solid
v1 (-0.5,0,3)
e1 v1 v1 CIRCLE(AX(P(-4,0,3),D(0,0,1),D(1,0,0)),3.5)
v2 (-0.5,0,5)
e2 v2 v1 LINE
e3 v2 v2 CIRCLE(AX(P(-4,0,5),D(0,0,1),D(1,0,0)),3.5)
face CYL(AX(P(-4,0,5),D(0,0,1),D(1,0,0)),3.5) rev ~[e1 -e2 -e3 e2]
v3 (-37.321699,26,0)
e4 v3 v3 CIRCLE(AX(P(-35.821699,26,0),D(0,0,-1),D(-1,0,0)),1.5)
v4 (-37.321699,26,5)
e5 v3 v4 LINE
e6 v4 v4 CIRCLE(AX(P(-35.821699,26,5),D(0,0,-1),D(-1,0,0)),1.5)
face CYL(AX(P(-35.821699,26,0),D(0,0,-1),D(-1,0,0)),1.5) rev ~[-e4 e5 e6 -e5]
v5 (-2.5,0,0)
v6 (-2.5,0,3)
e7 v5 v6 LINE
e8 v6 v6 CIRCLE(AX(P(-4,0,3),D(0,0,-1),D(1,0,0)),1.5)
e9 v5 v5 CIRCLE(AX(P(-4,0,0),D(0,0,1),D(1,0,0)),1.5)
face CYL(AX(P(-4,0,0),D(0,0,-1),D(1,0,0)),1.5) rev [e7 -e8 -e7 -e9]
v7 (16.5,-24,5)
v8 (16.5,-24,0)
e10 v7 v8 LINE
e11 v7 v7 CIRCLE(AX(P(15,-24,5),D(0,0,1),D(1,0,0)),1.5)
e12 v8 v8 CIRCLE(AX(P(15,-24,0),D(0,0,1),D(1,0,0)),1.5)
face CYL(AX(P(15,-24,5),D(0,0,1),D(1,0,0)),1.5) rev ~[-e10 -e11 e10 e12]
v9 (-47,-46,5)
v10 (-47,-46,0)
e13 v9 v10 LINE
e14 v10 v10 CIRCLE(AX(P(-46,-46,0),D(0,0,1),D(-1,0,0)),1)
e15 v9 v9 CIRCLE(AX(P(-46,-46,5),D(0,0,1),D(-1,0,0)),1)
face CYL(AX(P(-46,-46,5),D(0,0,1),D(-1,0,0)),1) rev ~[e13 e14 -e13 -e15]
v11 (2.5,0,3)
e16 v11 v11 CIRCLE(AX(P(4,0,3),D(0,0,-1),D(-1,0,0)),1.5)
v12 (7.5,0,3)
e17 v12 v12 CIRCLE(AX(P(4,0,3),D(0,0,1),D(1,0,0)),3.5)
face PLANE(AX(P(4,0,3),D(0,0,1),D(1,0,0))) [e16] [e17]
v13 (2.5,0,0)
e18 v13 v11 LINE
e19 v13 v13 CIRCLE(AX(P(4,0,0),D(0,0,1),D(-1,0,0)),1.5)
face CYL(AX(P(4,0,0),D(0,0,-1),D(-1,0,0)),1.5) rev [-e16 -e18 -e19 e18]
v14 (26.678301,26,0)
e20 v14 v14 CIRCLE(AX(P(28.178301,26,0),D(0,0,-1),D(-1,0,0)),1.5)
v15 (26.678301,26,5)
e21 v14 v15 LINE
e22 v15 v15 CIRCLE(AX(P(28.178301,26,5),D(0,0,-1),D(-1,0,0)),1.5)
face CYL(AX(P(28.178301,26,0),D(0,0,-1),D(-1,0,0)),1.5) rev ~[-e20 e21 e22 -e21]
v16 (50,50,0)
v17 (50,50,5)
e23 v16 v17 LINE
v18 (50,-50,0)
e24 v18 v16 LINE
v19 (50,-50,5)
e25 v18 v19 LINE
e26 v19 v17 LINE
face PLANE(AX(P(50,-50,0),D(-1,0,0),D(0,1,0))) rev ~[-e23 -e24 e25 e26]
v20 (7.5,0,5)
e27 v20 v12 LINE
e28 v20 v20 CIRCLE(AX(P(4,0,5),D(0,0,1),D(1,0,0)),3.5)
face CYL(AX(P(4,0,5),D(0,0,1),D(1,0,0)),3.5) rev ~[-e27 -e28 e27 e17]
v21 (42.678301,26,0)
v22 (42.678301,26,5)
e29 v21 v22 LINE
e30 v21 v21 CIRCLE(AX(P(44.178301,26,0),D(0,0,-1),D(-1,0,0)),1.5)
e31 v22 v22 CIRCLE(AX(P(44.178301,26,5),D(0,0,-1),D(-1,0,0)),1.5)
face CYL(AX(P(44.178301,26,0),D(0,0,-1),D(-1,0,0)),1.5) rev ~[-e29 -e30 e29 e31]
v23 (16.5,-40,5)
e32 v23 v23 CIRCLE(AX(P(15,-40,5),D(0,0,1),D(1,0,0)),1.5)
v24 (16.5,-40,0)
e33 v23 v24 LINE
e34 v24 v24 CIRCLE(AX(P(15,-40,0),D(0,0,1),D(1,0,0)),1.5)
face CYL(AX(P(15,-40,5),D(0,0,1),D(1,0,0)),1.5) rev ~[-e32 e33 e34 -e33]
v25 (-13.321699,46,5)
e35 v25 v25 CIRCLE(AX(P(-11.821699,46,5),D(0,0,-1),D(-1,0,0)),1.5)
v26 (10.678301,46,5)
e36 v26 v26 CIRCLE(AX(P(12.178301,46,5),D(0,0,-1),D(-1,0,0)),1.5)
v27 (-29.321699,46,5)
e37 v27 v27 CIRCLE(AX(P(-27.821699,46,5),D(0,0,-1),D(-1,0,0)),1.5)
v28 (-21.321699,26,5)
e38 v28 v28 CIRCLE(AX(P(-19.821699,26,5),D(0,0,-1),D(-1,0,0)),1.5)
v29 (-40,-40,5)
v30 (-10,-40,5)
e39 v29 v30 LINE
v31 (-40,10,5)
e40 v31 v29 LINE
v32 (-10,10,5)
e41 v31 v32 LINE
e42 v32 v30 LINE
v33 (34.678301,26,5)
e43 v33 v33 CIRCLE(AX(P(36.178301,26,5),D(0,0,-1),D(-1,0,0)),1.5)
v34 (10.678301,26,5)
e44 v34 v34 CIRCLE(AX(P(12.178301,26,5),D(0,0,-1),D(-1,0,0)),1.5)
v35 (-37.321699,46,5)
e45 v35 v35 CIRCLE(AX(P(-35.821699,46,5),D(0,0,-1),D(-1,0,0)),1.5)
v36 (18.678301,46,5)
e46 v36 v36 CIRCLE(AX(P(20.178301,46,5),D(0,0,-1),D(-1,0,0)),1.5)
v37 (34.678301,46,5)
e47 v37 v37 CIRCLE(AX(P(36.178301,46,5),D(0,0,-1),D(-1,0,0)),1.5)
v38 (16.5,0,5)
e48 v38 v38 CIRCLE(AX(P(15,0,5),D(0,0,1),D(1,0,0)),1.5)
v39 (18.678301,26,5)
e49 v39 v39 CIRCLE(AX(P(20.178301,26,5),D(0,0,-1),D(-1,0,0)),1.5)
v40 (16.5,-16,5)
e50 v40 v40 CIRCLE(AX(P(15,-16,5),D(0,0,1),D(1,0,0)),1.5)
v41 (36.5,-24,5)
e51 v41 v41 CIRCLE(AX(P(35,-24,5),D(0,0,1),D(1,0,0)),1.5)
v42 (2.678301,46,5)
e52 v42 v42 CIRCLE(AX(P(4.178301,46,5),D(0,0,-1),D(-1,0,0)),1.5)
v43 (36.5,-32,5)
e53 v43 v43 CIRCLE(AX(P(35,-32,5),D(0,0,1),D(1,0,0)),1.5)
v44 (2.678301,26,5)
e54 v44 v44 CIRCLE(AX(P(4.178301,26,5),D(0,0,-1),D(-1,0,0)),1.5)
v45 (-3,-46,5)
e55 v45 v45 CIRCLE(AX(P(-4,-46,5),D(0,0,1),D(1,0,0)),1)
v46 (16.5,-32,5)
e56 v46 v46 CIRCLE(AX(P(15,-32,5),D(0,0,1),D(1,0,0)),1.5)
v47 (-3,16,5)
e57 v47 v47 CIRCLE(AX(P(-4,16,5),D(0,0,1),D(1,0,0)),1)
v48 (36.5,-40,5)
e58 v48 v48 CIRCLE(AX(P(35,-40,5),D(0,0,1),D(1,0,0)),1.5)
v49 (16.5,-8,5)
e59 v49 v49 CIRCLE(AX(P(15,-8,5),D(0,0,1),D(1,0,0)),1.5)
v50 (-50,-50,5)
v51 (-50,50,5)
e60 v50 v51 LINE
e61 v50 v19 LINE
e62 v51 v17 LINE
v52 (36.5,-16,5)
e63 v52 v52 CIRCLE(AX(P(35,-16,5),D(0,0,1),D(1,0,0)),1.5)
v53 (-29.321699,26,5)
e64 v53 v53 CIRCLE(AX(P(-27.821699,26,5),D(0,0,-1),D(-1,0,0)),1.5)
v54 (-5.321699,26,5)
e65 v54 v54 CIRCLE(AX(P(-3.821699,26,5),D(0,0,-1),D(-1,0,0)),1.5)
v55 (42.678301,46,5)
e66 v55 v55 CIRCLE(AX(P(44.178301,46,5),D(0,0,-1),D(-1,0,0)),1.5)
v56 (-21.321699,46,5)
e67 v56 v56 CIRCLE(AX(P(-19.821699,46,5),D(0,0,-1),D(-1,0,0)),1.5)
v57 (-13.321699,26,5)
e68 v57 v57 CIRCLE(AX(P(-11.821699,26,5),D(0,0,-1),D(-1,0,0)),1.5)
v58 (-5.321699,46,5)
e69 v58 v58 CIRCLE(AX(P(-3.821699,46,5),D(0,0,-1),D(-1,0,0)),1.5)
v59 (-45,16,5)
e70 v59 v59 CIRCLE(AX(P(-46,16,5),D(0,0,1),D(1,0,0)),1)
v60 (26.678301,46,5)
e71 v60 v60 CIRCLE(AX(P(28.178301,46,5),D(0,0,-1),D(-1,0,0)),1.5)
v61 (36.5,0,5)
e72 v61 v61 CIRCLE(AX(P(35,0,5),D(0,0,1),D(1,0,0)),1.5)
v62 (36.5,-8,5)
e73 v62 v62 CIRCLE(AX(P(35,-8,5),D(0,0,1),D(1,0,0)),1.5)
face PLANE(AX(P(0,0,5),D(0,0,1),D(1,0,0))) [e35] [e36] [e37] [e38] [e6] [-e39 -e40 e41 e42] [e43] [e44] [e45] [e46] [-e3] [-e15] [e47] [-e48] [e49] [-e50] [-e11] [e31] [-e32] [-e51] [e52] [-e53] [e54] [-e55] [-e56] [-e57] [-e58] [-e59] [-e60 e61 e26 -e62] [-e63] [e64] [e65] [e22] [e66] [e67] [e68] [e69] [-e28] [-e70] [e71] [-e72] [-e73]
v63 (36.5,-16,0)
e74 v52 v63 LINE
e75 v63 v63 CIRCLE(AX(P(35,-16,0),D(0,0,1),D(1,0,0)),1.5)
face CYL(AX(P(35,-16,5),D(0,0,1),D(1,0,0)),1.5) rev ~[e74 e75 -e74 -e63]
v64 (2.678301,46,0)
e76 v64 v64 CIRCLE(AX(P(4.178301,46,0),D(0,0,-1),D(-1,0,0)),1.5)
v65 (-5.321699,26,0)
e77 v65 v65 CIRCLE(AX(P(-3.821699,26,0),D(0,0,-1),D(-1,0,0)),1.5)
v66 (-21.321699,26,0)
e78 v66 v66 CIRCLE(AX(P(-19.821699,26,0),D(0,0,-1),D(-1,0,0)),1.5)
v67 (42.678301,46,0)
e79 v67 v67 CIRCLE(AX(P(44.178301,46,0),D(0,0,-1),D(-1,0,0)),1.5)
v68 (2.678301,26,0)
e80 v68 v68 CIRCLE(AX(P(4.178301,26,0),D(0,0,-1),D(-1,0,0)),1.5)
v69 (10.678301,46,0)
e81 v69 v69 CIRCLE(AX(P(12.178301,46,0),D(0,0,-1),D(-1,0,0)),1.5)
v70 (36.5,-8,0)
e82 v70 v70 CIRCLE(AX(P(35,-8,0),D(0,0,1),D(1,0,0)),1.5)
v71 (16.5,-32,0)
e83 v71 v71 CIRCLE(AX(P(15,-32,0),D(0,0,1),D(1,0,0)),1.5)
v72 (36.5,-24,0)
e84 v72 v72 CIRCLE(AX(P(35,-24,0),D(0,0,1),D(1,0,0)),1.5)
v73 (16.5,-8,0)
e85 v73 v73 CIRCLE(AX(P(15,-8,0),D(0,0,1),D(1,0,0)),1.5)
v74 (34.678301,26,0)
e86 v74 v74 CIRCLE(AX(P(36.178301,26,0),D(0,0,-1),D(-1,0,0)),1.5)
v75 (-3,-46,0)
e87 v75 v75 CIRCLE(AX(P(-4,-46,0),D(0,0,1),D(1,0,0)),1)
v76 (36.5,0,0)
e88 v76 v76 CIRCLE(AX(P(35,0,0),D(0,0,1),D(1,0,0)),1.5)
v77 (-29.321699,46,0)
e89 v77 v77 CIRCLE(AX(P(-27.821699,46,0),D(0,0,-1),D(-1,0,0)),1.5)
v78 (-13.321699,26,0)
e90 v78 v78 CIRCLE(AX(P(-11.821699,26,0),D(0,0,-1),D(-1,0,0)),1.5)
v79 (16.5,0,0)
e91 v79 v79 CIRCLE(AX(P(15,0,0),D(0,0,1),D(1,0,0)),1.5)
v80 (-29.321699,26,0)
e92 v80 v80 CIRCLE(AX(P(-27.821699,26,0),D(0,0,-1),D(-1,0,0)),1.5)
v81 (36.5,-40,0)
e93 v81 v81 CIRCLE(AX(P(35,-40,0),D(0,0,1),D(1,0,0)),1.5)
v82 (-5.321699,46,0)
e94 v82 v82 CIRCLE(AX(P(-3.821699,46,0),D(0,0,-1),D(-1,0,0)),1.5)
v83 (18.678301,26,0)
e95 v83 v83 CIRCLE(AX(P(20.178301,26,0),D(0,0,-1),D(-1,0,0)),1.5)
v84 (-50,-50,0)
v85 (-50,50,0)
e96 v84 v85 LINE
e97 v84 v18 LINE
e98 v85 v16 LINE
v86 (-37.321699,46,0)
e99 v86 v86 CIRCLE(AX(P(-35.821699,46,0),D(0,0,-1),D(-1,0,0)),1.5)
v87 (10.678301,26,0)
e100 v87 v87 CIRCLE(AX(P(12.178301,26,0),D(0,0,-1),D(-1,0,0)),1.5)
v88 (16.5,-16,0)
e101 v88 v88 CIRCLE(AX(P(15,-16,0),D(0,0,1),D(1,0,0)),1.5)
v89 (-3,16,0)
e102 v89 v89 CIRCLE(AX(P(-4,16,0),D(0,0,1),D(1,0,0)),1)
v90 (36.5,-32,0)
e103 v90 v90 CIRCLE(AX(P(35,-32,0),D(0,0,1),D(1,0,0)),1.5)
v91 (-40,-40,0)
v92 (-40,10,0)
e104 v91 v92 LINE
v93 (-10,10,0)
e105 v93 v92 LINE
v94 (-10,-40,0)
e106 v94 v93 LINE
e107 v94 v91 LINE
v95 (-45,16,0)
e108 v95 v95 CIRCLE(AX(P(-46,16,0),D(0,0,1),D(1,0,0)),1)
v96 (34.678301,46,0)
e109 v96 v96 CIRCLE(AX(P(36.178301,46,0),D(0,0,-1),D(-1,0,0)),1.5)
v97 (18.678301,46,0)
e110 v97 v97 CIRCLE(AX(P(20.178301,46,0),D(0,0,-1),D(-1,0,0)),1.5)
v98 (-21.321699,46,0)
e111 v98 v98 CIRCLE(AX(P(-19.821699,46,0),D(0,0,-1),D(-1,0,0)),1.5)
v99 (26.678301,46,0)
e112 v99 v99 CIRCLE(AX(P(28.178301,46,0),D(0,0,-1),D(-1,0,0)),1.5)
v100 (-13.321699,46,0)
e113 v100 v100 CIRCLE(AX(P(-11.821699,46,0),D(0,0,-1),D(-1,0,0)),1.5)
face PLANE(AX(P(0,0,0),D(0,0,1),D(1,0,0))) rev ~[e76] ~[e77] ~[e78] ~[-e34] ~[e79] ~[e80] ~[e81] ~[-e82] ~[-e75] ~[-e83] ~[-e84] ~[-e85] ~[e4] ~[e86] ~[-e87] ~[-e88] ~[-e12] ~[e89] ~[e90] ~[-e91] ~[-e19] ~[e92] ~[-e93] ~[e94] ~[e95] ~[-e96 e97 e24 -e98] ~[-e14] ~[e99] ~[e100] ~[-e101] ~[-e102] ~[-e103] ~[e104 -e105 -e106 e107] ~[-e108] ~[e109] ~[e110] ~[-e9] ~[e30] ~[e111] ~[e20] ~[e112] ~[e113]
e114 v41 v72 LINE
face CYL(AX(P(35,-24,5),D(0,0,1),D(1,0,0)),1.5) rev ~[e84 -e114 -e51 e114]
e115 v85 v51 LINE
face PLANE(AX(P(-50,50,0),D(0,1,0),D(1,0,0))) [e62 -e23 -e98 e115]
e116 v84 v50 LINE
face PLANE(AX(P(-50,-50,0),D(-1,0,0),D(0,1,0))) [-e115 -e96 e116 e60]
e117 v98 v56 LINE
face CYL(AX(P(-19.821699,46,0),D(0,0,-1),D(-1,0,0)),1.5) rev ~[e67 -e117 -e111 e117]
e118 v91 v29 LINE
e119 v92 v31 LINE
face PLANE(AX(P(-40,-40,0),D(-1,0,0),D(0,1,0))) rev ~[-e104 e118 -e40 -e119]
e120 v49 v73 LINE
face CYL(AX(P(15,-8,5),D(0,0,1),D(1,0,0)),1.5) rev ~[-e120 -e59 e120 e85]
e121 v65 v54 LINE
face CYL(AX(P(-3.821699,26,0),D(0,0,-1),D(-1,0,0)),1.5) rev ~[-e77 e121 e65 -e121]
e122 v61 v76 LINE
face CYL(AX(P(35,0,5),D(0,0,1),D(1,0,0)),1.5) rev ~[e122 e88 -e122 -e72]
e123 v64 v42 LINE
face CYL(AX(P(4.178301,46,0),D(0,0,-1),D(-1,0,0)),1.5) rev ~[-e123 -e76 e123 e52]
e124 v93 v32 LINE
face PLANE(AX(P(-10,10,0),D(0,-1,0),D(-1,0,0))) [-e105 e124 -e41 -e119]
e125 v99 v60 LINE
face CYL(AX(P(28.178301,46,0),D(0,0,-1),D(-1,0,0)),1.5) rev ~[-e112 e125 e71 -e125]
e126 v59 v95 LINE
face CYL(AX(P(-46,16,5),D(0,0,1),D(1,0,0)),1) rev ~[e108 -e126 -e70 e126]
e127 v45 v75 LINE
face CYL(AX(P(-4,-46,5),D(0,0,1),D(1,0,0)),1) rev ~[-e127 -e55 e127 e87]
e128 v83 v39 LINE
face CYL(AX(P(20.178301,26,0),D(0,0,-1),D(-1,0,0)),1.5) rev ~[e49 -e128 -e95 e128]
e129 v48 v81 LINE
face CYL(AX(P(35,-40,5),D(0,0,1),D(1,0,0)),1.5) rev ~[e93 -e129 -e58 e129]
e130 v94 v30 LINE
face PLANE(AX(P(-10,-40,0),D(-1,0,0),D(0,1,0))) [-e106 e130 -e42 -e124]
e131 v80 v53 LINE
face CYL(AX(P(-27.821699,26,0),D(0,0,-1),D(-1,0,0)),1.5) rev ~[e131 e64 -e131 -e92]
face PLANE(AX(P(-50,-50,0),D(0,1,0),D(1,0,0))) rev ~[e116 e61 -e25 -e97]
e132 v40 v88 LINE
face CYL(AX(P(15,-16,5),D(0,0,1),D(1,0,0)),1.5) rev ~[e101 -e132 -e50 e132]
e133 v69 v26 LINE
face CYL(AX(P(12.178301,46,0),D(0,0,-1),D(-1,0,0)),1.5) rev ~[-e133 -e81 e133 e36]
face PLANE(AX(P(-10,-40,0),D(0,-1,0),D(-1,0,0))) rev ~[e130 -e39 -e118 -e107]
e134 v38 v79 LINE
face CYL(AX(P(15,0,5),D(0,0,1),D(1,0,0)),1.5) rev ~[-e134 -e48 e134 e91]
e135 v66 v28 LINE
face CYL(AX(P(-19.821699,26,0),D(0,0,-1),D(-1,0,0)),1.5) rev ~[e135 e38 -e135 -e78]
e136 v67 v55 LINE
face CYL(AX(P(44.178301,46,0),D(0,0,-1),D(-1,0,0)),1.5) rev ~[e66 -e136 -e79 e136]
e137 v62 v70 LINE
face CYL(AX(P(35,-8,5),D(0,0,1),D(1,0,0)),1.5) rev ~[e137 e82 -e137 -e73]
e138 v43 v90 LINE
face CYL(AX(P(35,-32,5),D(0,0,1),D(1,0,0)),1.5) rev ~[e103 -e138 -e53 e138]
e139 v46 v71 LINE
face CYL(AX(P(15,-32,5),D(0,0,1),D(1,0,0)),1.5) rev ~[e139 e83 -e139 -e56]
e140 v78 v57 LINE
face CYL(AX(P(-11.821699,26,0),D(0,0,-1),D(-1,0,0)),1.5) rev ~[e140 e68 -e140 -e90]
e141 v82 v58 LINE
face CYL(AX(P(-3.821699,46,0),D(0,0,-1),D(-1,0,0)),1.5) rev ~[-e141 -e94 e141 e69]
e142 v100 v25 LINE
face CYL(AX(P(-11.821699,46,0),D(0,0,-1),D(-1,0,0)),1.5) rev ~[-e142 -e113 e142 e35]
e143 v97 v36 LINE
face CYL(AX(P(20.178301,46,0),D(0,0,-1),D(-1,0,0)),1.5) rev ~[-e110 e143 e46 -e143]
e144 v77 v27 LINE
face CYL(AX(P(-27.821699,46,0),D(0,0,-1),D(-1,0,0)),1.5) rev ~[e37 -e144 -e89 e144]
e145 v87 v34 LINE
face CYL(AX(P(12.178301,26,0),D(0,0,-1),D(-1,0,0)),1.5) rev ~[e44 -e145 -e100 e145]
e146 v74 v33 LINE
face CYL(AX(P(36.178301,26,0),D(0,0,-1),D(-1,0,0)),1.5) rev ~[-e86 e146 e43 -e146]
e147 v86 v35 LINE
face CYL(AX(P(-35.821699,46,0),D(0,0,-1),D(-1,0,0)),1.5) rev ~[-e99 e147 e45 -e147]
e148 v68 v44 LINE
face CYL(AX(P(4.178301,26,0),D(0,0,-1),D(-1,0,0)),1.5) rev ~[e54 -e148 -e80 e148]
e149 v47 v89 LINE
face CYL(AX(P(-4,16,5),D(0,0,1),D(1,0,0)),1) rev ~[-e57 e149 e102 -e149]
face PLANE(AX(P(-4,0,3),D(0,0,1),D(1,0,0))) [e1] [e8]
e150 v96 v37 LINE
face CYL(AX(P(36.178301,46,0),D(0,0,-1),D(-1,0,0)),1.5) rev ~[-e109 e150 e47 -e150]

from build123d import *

# Parameters (mm, degrees)
SKETCH_1_W          = 100
SKETCH_1_H          = 100
SKETCH_1_R          = 1.5
EXTRUDE_1_DEPTH     = 5
SKETCH_2_R          = 1
CUT_EXTRUDE_1_DEPTH = 71.887234394
SKETCH_3_R          = 3.5
CUT_EXTRUDE_2_DEPTH = 2
SKETCH_4_R          = 1.5
CUT_EXTRUDE_3_DEPTH = 10
SKETCH_5_R          = 1.5
CUT_EXTRUDE_4_DEPTH = 10
SKETCH_6_W          = 30
SKETCH_6_H          = 50
CUT_EXTRUDE_5_DEPTH = 10


with BuildPart() as part:
    # 草图1 → 凸台-拉伸1 (new body)
    with BuildSketch(Plane.XY):
        Rectangle(SKETCH_1_W, SKETCH_1_H)
        with Locations((-4, 0)):
            Circle(SKETCH_1_R, mode=Mode.SUBTRACT)
        with Locations(Location((4, 0, 0), (0, 0, 180))):
            Circle(SKETCH_1_R, mode=Mode.SUBTRACT)
    extrude(amount=EXTRUDE_1_DEPTH)

    # 草图2 → 切除-拉伸1 (cut, through all)
    with BuildSketch(Plane.XY.offset(5)):
        with Locations(Location((-46, -46, 0), (0, 0, 180))):
            Circle(SKETCH_2_R)
        with Locations((-46, 16)):
            Circle(SKETCH_2_R)
        with Locations((-4, -46)):
            Circle(SKETCH_2_R)
        with Locations((-4, 16)):
            Circle(SKETCH_2_R)
    extrude(amount=-CUT_EXTRUDE_1_DEPTH, mode=Mode.SUBTRACT)

    # 草图3 → 切除-拉伸2 (cut)
    with BuildSketch(Plane.XY.offset(5)):
        with Locations((-4, 0)):
            Circle(SKETCH_3_R)
        with Locations((4, 0)):
            Circle(SKETCH_3_R)
    extrude(amount=-CUT_EXTRUDE_2_DEPTH, mode=Mode.SUBTRACT)

    # 草图4 → 切除-拉伸3 (cut)
    with BuildSketch(Plane.XY.offset(5)):
        with Locations((35, 0)):
            Circle(SKETCH_4_R)
        with Locations((15, 0)):
            Circle(SKETCH_4_R)
        with Locations((35, -8)):
            Circle(SKETCH_4_R)
        with Locations((15, -8)):
            Circle(SKETCH_4_R)
        with Locations((35, -16)):
            Circle(SKETCH_4_R)
        with Locations((15, -16)):
            Circle(SKETCH_4_R)
        with Locations((35, -24)):
            Circle(SKETCH_4_R)
        with Locations((15, -24)):
            Circle(SKETCH_4_R)
        with Locations((35, -32)):
            Circle(SKETCH_4_R)
        with Locations((15, -32)):
            Circle(SKETCH_4_R)
        with Locations((35, -40)):
            Circle(SKETCH_4_R)
        with Locations((15, -40)):
            Circle(SKETCH_4_R)
    extrude(amount=-CUT_EXTRUDE_3_DEPTH, mode=Mode.SUBTRACT)

    # 草图5 → 切除-拉伸4 (cut)
    with BuildSketch(Plane(origin=(0, 0, 0), x_dir=(-1, 0, 0), z_dir=(0, 0, -1))):
        with Locations((35.821699256, 46)):
            Circle(SKETCH_5_R)
        with Locations((35.821699256, 26)):
            Circle(SKETCH_5_R)
        with Locations((27.821699256, 46)):
            Circle(SKETCH_5_R)
        with Locations((27.821699256, 26)):
            Circle(SKETCH_5_R)
        with Locations((19.821699256, 46)):
            Circle(SKETCH_5_R)
        with Locations((19.821699256, 26)):
            Circle(SKETCH_5_R)
        with Locations((11.821699256, 46)):
            Circle(SKETCH_5_R)
        with Locations((11.821699256, 26)):
            Circle(SKETCH_5_R)
        with Locations((3.821699256, 46)):
            Circle(SKETCH_5_R)
        with Locations((3.821699256, 26)):
            Circle(SKETCH_5_R)
        with Locations((-4.178300744, 46)):
            Circle(SKETCH_5_R)
        with Locations((-4.178300744, 26)):
            Circle(SKETCH_5_R)
        with Locations((-12.178300744, 46)):
            Circle(SKETCH_5_R)
        with Locations((-12.178300744, 26)):
            Circle(SKETCH_5_R)
        with Locations((-20.178300744, 46)):
            Circle(SKETCH_5_R)
        with Locations((-20.178300744, 26)):
            Circle(SKETCH_5_R)
        with Locations((-28.178300744, 46)):
            Circle(SKETCH_5_R)
        with Locations((-28.178300744, 26)):
            Circle(SKETCH_5_R)
        with Locations((-36.178300744, 46)):
            Circle(SKETCH_5_R)
        with Locations((-36.178300744, 26)):
            Circle(SKETCH_5_R)
        with Locations((-44.178300744, 46)):
            Circle(SKETCH_5_R)
        with Locations((-44.178300744, 26)):
            Circle(SKETCH_5_R)
    extrude(amount=-CUT_EXTRUDE_4_DEPTH, mode=Mode.SUBTRACT)

    # 草图6 → 切除-拉伸5 (cut)
    with BuildSketch(Plane(origin=(0, 0, 0), x_dir=(-1, 0, 0), z_dir=(0, 0, -1))):
        with Locations((25, -15)):
            Rectangle(SKETCH_6_W, SKETCH_6_H)
    extrude(amount=-CUT_EXTRUDE_5_DEPTH, mode=Mode.SUBTRACT)


solid = part.part
